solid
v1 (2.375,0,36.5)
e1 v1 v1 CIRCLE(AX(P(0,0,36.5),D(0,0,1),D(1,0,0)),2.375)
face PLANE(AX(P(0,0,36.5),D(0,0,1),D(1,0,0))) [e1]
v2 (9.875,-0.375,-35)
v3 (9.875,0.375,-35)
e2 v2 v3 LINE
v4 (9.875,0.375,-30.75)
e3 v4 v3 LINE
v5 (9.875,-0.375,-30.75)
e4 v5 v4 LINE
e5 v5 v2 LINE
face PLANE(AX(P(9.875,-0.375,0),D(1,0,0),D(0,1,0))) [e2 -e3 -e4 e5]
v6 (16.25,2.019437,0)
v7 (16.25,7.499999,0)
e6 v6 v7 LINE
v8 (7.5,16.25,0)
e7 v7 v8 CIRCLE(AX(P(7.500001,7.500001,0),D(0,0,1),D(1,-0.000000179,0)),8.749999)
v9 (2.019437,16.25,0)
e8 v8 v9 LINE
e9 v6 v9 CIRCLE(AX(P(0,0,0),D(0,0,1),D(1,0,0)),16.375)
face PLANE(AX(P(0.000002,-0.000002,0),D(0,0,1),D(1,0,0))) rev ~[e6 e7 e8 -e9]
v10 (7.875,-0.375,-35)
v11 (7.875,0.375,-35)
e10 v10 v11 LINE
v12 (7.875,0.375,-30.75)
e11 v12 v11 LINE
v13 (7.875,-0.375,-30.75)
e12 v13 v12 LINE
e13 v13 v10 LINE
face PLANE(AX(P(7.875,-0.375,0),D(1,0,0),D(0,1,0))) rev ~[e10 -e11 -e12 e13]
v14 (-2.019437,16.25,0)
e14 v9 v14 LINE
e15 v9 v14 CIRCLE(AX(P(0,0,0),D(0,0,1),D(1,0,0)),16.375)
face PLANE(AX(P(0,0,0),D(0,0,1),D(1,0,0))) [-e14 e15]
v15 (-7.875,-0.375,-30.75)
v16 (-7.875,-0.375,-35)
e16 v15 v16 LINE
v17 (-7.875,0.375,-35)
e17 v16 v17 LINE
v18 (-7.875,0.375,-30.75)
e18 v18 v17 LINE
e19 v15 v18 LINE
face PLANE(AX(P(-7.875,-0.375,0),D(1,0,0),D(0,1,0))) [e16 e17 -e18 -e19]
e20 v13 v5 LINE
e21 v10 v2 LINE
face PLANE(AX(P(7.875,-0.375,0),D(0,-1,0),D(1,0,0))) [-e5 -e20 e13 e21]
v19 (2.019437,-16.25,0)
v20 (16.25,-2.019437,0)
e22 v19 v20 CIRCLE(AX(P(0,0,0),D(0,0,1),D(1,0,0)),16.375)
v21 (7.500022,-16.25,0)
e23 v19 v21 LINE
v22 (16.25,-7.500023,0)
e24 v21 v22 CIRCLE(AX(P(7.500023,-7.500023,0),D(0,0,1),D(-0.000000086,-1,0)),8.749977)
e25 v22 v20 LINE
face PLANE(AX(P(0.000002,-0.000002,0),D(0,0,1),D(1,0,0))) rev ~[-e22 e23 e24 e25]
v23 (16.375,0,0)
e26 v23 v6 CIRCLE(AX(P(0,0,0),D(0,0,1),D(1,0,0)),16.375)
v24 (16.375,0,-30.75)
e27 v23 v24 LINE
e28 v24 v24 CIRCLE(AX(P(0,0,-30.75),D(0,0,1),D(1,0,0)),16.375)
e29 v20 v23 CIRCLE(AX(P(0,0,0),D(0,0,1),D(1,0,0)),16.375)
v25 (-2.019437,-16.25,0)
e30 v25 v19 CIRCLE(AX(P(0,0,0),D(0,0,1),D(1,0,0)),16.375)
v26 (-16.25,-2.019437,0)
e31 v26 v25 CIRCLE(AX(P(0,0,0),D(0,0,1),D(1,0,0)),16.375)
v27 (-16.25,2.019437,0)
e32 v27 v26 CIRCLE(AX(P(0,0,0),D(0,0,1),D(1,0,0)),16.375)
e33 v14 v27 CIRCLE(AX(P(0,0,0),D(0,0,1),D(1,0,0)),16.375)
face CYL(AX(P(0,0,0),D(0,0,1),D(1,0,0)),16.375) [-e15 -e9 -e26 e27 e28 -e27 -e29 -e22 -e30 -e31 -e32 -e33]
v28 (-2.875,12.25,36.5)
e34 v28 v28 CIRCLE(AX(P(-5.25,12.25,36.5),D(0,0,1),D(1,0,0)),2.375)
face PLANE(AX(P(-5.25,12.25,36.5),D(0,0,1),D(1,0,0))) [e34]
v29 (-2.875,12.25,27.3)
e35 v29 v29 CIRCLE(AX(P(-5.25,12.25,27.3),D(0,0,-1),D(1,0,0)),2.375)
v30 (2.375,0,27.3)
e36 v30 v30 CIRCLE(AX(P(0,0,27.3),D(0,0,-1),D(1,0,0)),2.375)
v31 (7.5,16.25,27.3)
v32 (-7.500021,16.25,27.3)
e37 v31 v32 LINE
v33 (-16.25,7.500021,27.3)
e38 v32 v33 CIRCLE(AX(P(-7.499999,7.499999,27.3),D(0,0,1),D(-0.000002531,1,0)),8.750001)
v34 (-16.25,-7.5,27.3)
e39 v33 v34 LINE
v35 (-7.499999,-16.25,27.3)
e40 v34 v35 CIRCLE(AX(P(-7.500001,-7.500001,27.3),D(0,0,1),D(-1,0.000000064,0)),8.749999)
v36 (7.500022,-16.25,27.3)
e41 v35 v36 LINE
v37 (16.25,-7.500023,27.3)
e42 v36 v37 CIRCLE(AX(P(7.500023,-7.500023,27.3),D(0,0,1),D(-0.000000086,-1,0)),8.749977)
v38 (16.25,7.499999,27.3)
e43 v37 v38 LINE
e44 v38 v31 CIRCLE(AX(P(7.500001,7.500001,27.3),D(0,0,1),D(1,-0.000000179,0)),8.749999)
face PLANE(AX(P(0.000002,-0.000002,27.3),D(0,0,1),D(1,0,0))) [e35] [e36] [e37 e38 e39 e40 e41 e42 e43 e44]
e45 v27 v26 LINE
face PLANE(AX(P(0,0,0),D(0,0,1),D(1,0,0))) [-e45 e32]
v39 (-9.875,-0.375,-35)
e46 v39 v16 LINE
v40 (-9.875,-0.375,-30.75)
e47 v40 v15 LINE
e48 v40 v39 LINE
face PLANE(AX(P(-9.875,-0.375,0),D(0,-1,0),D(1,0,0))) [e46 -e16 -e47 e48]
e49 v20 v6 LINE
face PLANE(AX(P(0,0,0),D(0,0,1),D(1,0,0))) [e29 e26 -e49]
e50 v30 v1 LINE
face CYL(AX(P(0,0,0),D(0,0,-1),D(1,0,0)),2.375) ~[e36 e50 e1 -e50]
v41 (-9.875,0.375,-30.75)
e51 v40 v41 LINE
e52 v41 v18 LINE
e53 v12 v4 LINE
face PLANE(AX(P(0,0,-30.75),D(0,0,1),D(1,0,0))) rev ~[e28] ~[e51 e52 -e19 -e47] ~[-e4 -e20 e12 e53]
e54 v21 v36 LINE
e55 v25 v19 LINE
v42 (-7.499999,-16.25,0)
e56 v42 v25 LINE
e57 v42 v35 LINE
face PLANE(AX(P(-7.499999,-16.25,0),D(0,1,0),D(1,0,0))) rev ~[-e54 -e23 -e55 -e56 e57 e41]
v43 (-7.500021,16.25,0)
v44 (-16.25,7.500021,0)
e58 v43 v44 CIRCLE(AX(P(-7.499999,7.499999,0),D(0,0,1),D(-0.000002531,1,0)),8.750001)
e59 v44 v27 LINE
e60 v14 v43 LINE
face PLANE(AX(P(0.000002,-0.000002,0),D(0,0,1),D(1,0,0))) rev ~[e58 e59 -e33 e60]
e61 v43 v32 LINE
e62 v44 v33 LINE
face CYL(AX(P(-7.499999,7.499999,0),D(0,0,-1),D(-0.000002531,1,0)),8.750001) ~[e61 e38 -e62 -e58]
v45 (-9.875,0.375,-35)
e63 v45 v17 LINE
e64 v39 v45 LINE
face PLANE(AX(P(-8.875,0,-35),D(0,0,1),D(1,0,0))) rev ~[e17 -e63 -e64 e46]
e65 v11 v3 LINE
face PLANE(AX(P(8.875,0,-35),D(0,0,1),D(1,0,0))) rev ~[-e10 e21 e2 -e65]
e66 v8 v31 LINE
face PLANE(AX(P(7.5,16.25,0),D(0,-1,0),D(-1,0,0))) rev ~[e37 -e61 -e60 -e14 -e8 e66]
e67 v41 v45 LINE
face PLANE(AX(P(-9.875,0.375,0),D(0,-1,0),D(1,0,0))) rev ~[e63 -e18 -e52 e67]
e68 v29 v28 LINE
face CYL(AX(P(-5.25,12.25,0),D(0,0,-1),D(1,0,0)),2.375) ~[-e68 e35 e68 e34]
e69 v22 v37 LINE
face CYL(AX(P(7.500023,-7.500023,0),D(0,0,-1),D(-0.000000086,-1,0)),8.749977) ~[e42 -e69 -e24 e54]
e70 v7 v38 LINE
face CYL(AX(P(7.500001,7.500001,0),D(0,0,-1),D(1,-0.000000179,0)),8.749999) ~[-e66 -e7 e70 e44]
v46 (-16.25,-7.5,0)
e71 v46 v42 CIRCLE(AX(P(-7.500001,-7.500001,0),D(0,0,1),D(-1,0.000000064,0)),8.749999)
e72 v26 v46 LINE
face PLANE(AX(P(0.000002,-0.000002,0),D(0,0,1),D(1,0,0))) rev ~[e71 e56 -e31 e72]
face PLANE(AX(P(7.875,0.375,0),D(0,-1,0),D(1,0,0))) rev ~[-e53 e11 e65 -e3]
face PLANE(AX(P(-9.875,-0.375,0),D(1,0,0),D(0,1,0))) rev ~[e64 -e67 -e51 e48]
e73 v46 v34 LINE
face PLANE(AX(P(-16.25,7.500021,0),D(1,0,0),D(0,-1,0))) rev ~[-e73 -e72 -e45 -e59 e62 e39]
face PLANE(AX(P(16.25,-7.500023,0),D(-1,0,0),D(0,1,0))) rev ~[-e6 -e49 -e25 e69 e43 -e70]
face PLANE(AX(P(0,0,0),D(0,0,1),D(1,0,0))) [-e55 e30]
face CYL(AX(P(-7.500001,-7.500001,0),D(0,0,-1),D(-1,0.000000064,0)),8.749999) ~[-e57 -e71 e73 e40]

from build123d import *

# Parameters (mm, degrees)
PAD_DEPTH    = 27.3
SKETCH001_R  = 16.375
PAD001_DEPTH = 30.75
SKETCH002_R  = 2.375
PAD002_DEPTH = 36.5
SKETCH004_W  = 2
SKETCH004_H  = 0.75
PAD004_DEPTH = 35


with BuildPart() as part:
    # Sketch → Pad (new body)
    with BuildSketch(Plane.XY):
        with BuildLine():
            Line((-16.25, 7.500021), (-16.25, -7.5))
            ThreePointArc((-16.25, -7.5), (-13.687184, -13.687185), (-7.499999, -16.25))
            Line((-7.499999, -16.25), (7.500022, -16.25))
            ThreePointArc((7.500022, -16.25), (13.687191, -13.687191), (16.25, -7.500023))
            Line((16.25, -7.500023), (16.25, 7.499999))
            ThreePointArc((16.25, 7.499999), (13.687185, 13.687184), (7.5, 16.25))
            Line((7.5, 16.25), (-7.500021, 16.25))
            ThreePointArc((-7.500021, 16.25), (-13.687184, 13.687184), (-16.25, 7.500021))
        make_face()
    extrude(amount=PAD_DEPTH)

    # Sketch001 → Pad001 (join)
    with BuildSketch(Plane.XY):
        Circle(SKETCH001_R)
    extrude(amount=-PAD001_DEPTH)

    # Sketch002 → Pad002 (join)
    with BuildSketch(Plane.XY):
        Circle(SKETCH002_R)
        with Locations((-5.25, 12.25)):
            Circle(SKETCH002_R)
    extrude(amount=PAD002_DEPTH)

    # Sketch004 → Pad004 (join)
    with BuildSketch(Plane.XY):
        with Locations((-8.875, 0)):
            Rectangle(SKETCH004_W, SKETCH004_H)
        with Locations((8.875, 0)):
            Rectangle(SKETCH004_W, SKETCH004_H)
    extrude(amount=-PAD004_DEPTH)


solid = part.part
